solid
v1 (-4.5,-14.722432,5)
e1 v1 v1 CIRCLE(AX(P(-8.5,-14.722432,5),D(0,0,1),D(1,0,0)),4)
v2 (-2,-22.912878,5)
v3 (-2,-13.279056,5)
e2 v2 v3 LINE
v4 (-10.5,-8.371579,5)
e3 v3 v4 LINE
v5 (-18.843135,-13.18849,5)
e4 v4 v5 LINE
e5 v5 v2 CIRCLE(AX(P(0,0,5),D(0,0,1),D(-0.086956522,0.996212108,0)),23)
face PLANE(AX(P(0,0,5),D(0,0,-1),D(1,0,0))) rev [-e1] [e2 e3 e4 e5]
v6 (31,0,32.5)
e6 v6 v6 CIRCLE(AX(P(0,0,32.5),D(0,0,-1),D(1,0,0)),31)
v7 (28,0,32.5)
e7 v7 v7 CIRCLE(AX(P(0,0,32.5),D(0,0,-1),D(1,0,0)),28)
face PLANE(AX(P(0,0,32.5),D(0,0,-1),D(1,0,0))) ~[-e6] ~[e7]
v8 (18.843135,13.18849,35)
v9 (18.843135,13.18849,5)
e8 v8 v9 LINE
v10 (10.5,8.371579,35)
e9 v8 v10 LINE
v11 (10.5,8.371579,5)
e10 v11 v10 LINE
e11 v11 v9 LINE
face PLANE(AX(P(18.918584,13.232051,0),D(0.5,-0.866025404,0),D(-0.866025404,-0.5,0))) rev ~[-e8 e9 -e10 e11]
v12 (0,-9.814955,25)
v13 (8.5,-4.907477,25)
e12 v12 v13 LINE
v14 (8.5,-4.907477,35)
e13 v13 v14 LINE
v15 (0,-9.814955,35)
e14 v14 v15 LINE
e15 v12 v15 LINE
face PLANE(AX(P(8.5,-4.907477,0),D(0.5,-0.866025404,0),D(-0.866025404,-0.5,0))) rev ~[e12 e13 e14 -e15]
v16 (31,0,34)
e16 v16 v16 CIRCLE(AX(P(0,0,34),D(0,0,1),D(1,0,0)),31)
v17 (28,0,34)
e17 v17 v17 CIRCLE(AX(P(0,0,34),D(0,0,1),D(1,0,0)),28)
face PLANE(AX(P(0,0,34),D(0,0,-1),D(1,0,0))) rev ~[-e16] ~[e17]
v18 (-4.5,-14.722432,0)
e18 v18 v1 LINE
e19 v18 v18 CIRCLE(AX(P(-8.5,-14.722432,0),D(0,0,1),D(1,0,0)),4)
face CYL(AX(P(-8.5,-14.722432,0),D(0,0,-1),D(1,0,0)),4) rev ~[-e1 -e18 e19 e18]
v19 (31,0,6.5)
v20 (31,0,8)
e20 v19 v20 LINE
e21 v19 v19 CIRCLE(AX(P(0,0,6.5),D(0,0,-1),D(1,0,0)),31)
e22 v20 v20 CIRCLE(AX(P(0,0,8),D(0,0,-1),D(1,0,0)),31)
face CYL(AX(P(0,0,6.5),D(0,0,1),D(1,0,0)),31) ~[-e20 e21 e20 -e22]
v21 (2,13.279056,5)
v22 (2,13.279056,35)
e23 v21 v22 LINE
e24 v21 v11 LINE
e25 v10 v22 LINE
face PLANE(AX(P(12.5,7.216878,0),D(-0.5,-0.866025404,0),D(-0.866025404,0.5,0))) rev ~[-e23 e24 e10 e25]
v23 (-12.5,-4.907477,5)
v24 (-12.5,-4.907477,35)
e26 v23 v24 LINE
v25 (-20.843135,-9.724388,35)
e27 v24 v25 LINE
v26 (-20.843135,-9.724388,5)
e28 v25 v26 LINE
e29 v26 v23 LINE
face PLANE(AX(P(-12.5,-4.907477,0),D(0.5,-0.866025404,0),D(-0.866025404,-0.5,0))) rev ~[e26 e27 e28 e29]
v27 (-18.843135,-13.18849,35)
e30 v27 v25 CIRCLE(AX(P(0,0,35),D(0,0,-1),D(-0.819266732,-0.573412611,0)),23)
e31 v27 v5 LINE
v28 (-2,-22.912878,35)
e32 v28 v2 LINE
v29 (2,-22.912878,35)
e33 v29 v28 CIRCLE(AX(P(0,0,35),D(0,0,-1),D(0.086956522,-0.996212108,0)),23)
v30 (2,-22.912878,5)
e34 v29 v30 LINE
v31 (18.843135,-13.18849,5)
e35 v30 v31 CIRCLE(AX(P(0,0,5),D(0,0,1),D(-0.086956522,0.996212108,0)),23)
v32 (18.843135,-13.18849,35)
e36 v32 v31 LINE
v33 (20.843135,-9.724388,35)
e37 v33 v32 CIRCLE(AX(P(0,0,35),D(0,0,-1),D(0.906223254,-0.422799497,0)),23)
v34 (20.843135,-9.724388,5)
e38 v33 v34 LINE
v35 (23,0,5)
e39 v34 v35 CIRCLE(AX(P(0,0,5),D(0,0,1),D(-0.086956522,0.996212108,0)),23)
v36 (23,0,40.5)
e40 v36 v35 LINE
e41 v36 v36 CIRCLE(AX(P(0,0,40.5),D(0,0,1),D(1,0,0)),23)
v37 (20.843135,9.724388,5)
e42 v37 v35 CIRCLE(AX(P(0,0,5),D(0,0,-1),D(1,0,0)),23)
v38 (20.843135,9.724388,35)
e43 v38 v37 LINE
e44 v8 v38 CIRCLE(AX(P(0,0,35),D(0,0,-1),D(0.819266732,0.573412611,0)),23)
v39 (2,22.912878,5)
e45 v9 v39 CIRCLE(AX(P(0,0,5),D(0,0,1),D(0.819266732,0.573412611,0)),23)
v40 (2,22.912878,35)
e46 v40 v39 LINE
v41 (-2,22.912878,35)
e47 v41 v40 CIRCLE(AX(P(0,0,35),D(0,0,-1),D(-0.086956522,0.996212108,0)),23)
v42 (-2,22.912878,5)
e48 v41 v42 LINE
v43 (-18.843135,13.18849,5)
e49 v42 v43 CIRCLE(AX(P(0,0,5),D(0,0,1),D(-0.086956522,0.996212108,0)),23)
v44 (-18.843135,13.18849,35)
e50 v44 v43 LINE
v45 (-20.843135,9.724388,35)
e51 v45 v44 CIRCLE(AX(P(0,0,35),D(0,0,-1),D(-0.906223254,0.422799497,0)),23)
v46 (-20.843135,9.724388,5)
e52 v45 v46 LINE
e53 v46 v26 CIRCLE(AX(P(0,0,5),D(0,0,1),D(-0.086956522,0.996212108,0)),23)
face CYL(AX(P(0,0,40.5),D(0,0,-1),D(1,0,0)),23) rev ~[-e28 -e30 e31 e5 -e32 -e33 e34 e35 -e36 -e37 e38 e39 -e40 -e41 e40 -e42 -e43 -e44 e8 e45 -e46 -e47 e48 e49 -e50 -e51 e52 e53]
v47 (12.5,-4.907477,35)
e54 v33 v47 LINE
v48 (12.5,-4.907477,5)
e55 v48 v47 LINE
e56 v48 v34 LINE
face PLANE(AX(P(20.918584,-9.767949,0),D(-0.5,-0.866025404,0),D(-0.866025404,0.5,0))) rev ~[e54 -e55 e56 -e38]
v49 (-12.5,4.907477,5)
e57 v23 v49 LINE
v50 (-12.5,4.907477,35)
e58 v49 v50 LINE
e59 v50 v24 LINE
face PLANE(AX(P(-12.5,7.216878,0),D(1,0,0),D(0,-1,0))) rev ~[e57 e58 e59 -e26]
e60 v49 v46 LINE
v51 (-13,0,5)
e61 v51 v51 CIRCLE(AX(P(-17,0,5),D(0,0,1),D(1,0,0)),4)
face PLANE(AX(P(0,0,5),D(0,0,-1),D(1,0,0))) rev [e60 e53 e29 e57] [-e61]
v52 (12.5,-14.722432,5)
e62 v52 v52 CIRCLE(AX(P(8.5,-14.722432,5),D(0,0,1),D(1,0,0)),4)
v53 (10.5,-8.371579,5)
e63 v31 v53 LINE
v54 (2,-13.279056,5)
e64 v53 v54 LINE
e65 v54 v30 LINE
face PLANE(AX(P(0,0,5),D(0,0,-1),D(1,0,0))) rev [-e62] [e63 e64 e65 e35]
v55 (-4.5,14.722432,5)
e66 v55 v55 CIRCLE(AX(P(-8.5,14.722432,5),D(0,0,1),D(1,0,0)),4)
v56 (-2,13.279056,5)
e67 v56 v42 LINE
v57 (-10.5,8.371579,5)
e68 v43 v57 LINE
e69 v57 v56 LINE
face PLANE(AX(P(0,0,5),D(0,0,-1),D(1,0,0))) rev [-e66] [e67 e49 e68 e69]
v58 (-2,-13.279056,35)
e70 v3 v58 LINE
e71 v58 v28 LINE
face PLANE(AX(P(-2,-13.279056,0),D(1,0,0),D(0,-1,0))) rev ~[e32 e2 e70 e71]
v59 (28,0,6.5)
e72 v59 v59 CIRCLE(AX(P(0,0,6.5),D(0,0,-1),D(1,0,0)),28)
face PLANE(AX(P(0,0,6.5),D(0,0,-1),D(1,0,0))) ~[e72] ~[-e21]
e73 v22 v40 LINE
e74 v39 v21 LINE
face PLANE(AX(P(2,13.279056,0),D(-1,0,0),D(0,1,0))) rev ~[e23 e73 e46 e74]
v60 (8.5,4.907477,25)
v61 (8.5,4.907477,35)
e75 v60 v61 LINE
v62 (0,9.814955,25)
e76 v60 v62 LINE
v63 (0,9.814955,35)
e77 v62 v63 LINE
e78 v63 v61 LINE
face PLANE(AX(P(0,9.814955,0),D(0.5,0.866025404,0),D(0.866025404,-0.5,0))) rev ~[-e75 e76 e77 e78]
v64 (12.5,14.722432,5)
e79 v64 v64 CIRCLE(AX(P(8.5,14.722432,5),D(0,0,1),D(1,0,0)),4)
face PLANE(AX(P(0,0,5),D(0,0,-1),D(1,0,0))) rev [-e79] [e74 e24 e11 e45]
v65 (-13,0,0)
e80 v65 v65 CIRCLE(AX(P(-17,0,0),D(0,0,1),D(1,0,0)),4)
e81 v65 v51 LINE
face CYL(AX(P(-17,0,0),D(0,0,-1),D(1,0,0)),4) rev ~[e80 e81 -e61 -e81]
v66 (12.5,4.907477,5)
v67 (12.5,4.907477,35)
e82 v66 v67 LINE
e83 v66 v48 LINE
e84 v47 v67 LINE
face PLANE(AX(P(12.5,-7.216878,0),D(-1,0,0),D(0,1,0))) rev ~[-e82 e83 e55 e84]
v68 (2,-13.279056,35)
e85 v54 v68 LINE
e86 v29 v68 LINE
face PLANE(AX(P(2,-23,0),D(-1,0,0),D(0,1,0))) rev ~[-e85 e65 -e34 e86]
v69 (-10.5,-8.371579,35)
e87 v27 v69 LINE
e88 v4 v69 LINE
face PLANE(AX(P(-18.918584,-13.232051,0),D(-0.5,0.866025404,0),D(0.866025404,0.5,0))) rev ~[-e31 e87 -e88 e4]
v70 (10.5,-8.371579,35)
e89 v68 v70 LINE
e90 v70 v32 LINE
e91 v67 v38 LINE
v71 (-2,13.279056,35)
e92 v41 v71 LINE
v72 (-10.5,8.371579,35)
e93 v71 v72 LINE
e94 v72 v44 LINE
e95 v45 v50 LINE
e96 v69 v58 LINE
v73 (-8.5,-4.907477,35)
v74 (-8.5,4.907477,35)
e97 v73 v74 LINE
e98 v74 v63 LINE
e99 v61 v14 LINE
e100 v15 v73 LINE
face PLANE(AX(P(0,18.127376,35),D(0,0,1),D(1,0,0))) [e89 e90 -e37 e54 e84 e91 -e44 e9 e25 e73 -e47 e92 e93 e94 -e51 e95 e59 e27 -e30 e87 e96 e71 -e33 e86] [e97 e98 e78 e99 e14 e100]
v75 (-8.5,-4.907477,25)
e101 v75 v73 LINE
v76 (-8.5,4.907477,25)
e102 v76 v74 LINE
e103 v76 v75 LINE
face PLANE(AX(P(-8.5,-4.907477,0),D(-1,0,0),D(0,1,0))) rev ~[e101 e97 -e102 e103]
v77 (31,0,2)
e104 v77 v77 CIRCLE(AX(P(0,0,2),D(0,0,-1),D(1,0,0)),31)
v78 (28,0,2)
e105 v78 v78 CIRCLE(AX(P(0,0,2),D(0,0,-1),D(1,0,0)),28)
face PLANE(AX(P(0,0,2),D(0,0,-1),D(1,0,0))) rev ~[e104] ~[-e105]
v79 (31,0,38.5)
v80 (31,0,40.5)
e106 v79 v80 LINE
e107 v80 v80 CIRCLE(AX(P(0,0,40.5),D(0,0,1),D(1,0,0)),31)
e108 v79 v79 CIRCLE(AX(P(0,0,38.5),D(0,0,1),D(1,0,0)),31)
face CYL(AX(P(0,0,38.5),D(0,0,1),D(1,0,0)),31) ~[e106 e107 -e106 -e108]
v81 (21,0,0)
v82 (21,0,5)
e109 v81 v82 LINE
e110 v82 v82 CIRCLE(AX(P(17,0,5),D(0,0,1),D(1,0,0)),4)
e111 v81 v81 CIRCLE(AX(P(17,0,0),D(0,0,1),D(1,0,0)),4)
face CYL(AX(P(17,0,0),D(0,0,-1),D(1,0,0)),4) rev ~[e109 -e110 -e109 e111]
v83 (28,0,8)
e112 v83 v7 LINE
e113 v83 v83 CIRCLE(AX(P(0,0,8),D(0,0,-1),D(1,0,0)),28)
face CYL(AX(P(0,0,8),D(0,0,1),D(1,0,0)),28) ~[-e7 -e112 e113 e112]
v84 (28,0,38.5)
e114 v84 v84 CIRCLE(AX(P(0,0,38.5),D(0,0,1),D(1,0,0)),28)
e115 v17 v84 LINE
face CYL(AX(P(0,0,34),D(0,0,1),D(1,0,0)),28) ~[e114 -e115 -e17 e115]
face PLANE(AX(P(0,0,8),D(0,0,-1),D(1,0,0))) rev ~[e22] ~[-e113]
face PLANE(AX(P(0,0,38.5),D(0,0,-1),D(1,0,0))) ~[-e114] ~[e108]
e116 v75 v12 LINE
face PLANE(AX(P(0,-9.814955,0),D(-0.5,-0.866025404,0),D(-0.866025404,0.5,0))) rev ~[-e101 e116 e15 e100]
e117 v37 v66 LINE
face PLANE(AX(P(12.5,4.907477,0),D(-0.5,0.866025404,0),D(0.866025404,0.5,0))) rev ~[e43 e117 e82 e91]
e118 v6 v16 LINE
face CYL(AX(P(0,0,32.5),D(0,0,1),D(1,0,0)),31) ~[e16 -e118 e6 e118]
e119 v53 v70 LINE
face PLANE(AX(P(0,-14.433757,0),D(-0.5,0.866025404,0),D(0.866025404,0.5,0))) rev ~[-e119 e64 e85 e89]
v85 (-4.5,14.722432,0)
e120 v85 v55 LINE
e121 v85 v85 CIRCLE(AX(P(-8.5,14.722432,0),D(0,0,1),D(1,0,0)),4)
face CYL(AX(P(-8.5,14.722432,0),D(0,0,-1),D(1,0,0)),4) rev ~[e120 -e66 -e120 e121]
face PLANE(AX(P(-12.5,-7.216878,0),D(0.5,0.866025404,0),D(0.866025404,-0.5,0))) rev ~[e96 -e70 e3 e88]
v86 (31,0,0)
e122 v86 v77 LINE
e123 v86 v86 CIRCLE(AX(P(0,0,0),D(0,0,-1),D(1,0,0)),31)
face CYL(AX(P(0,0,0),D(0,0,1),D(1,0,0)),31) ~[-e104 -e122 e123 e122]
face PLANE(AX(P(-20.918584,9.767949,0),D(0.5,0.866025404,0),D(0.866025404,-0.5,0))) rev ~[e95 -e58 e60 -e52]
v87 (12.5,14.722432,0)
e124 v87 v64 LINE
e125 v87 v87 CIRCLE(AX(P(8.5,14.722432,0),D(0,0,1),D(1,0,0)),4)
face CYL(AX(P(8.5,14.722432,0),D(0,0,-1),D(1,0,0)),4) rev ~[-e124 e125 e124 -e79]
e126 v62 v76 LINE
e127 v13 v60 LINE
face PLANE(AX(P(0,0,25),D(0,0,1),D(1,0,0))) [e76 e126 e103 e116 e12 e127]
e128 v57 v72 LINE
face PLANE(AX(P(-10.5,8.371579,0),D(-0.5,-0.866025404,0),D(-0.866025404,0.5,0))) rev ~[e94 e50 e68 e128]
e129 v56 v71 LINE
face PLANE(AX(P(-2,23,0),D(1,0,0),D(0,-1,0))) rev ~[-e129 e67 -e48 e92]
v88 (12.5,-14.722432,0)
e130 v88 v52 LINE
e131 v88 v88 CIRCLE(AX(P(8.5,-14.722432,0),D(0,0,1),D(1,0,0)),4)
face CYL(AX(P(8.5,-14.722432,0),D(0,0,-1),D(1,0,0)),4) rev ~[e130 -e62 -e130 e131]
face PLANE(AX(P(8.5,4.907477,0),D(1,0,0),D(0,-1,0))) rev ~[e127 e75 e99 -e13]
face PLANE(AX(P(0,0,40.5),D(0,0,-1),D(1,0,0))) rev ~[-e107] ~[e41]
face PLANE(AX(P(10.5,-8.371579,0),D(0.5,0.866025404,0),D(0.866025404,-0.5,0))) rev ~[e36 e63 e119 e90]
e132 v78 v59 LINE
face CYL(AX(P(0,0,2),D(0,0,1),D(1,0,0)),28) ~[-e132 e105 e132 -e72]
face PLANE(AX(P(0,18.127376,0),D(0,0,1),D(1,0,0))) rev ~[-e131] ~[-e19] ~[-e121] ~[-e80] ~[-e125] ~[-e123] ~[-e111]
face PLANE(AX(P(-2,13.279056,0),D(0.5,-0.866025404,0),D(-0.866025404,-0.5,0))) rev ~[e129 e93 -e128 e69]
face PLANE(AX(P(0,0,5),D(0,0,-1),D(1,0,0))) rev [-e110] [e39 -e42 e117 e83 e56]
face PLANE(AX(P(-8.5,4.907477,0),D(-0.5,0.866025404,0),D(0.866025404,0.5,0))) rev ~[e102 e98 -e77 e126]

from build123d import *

# Parameters (mm, degrees)
F0_W     = 23
F0_H     = 5
F2_R     = 4
F3_DEPTH = 5
F6_DEPTH = 25
F7_DEPTH = 35
F5_DEPTH = 35
F8_COUNT = 6


with BuildPart() as f1:
    # F0 (on Front) → F1 (revolve)
    with BuildSketch(Plane.XZ):
        with Locations((11.5, 2.5)):
            Rectangle(F0_W, F0_H)
        Polygon((23, 5), (23, 0), (31, 0), (31, 2), (28, 2), (28, 6.5), (31, 6.5), (31, 8), (28, 8), (28, 32.5), (31, 32.5), (31, 34), (28, 34), (28, 38.5), (31, 38.5), (31, 40.5), (23, 40.5), (23, 20.25), align=None)
    revolve(axis=Axis((0, 0, 2.5), (0, 0, -1)))

    # F2 (on face) → F3 (cut, through all)
    with BuildSketch(Plane(origin=(0, 0, 0), x_dir=(1, 0, 0), z_dir=(0, 0, -1))):
        with Locations((-17, 0)):
            Circle(F2_R)
        with Locations((-8.5, -14.7224318643)):
            Circle(F2_R)
        with Locations((8.5, -14.7224318643)):
            Circle(F2_R)
        with Locations((17, 0)):
            Circle(F2_R)
        with Locations((8.5, 14.7224318643)):
            Circle(F2_R)
        with Locations((-8.5, 14.7224318643)):
            Circle(F2_R)
    extrude(amount=-F3_DEPTH, mode=Mode.SUBTRACT)

    # F4 (on Top) → F6 (join)
    with BuildSketch(Plane.XY):
        Polygon((8.5, 4.9074772881), (0, 9.8149545762), (-8.5, 4.9074772881), (-8.5, -4.9074772881), (0, -9.8149545762), (8.5, -4.9074772881), align=None)
    extrude(amount=F6_DEPTH)

    # F4 (on Top) → F7 (join)
    with BuildSketch(Plane.XY):
        Polygon((2, 9.8149545762), (0, 9.8149545762), (-2, 9.8149545762), (-2, 13.2790561914), (-12.5, 7.2168783649), (-12.5, -7.2168783649), (0, -14.4337567297), (12.5, -7.2168783649), (12.5, 7.2168783649), (2, 13.2790561914), align=None)
        Polygon((-8.5, 4.9074772881), (0, 9.8149545762), (8.5, 4.9074772881), (8.5, -4.9074772881), (0, -9.8149545762), (-8.5, -4.9074772881), align=None, mode=Mode.SUBTRACT)
        Polygon((-2, 9.8149545762), (0, 9.8149545762), (2, 9.8149545762), (2, 13.2790561914), (0, 14.4337567297), (-2, 13.2790561914), align=None)
    extrude(amount=F7_DEPTH)

    # F4 (on Top) → F5 (join)
    with BuildSketch(Plane.XY):
        Polygon((-2, 23), (-2, 13.2790561914), (0, 14.4337567297), (2, 13.2790561914), (2, 23), align=None)
    extrude(amount=F5_DEPTH)

    # F8: F1 ×6 about axis
    f8_axis = Axis((0, 0, 40.5), (0, 0, -1))


with BuildPart() as f1_1:
    add(f1.part)
    for i in range(1, F8_COUNT):
        add(f1.part.rotate(f8_axis, i * 360 / F8_COUNT))


solid = f1_1.part
